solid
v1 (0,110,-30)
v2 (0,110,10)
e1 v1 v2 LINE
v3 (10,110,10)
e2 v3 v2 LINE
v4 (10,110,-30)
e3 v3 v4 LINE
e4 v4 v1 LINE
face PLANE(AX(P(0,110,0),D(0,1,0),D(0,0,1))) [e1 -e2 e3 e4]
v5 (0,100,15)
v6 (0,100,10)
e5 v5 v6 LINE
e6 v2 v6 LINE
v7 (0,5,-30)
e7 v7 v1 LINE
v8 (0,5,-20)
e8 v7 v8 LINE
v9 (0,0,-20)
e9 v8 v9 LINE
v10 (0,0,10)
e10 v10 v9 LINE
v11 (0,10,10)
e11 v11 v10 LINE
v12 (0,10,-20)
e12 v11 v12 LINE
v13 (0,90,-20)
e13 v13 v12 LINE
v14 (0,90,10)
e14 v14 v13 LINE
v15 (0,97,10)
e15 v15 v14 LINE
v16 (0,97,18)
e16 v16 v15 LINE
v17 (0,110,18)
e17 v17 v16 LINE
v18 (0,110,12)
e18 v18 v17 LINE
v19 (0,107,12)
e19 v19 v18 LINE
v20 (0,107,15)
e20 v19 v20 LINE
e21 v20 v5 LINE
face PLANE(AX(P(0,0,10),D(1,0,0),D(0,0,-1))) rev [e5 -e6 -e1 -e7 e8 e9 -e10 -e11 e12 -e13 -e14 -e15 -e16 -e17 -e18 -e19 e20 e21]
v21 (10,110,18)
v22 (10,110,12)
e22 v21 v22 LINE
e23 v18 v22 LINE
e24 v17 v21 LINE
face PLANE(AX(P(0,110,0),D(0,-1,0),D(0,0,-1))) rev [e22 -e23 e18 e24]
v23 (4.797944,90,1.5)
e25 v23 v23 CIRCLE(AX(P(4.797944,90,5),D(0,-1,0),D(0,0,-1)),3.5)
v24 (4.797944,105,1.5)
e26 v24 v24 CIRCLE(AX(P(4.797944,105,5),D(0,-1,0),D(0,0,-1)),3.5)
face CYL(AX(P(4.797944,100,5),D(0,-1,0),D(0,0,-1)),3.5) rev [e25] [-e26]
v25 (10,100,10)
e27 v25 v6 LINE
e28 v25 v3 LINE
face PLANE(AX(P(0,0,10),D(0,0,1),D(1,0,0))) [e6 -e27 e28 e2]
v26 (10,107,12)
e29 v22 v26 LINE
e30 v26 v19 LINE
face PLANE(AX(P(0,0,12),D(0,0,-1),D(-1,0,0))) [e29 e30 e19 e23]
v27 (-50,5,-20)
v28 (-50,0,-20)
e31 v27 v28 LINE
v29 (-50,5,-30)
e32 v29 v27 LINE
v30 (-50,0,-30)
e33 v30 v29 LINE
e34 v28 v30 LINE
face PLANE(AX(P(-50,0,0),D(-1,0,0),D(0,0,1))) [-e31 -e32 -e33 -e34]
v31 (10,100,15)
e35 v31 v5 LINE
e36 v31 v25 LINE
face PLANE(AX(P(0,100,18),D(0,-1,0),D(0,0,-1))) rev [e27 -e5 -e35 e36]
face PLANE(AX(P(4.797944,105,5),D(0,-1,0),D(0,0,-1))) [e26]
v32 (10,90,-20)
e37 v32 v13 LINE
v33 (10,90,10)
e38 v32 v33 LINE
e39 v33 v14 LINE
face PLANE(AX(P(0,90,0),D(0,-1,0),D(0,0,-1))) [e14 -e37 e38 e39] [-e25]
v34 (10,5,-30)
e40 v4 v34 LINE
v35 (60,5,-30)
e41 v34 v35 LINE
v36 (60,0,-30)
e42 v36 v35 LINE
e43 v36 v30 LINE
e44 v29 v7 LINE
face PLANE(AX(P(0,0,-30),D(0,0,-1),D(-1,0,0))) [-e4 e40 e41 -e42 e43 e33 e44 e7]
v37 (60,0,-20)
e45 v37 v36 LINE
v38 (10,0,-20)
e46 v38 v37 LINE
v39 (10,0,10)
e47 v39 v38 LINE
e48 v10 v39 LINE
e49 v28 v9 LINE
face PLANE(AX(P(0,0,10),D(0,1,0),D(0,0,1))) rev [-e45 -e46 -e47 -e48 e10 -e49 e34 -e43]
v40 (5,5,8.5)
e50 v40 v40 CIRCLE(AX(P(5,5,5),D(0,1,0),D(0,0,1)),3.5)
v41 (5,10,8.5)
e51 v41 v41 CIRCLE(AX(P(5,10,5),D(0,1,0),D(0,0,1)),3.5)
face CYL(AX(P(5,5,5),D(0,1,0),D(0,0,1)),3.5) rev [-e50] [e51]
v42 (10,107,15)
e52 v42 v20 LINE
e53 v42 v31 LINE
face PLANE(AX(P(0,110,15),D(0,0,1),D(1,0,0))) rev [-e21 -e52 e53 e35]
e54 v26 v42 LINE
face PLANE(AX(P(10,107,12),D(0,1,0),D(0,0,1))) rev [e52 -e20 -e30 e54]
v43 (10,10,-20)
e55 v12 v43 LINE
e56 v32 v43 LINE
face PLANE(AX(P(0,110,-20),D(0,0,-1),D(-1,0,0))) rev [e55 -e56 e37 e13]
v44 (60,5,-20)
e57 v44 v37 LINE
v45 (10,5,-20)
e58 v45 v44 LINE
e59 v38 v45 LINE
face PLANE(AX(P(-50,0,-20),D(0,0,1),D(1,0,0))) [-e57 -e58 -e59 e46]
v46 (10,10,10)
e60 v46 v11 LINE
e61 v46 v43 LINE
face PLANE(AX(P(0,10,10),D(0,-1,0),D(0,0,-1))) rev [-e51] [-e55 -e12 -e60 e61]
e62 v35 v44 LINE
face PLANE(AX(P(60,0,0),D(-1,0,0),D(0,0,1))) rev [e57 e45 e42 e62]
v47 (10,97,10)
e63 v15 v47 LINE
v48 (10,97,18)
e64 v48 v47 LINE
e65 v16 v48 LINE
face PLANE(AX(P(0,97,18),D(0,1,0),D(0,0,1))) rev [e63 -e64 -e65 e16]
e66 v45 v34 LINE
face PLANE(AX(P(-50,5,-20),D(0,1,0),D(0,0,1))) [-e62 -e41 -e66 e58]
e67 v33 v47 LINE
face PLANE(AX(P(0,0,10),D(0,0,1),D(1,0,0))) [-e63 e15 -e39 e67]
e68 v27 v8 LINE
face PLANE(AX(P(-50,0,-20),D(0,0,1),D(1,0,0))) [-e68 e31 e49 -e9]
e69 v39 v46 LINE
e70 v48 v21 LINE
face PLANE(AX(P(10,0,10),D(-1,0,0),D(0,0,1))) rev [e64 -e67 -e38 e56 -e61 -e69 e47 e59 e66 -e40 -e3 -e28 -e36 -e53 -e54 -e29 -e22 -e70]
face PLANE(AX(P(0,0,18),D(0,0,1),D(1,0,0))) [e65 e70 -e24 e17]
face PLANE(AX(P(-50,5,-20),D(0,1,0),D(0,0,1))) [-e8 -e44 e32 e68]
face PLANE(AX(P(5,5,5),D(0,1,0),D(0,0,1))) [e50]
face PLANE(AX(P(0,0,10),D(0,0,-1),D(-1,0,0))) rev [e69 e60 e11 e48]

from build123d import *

# Parameters (mm, degrees)
SKICA1_W                      = 10
SKICA1_H                      = 10
P_IDAT_VYSUNUT_M1_DEPTH       = 10
SKICA2_R                      = 3.5
ODEBRAT_VYSUNUT_M1_DEPTH      = 5
SKICA6_W                      = 10
SKICA6_H                      = 10
P_IDAT_VYSUNUT_M9_DEPTH       = 30
SKICA7_W                      = 10
SKICA7_H                      = 10
P_IDAT_VYSUNUT_M11_DEPTH      = 100
SKICA8_W                      = 10
SKICA8_H                      = 10
P_IDAT_VYSUNUT_M12_DEPTH      = 30
SKICA9_W                      = 10
SKICA9_H                      = 10
P_IDAT_VYSUNUT_M13_DEPTH      = 10
SKICA10_R                     = 3.5
ODEBRAT_VYSUNUT_M2_DEPTH      = 10
SKICA20_W                     = 10
SKICA20_H                     = 10
P_IDAT_VYSUNUT_M21_DEPTH      = 20
P_IDAT_VYSUNUT_M22_DEPTH      = 50
P_IDAT_VYSUNUT_M22_DEPTH_BACK = 60
SKICA11_W                     = 10
SKICA11_H                     = 5
SKICA10_2_R                   = 3.5
ODEBRAT_VYSUNUT_M7_DEPTH      = 15
SKICA21_W                     = 10
SKICA21_H                     = 3
P_IDAT_VYSUNUT_M24_DEPTH      = 8
SKICA22_W                     = 10
SKICA22_H                     = 3
P_IDAT_VYSUNUT_M25_DEPTH      = 10
SKICA23_W                     = 10
SKICA23_H                     = 3
P_IDAT_VYSUNUT_M26_DEPTH      = 3


with BuildPart() as part:
    # Skica1 → Přidat vysunutím1 (new body)
    with BuildSketch(Plane.XY):
        with Locations((5, 5)):
            Rectangle(SKICA1_W, SKICA1_H)
    extrude(amount=P_IDAT_VYSUNUT_M1_DEPTH)

    # Skica2 → Odebrat vysunutím1 (cut)
    with BuildSketch(Plane(origin=(0, 10, 0), x_dir=(1, 0, 0), z_dir=(0, 1, 0))):
        with Locations((5, -5)):
            Circle(SKICA2_R)
    extrude(amount=-ODEBRAT_VYSUNUT_M1_DEPTH, mode=Mode.SUBTRACT)

    # Skica6 → Přidat vysunutím9 (add)
    with BuildSketch(Plane(origin=(0, 0, 0), x_dir=(-1, 0, 0), z_dir=(0, 0, -1))):
        with Locations((-5, 5)):
            Rectangle(SKICA6_W, SKICA6_H)
    extrude(amount=P_IDAT_VYSUNUT_M9_DEPTH)

    # Skica7 → Přidat vysunutím11 (add)
    with BuildSketch(Plane(origin=(0, 10, 0), x_dir=(1, 0, 0), z_dir=(0, 1, 0))):
        with Locations((5, 25)):
            Rectangle(SKICA7_W, SKICA7_H)
    extrude(amount=P_IDAT_VYSUNUT_M11_DEPTH)

    # Skica8 → Přidat vysunutím12 (add)
    with BuildSketch(Plane.XY.offset(-20)):
        with Locations((5, 105)):
            Rectangle(SKICA8_W, SKICA8_H)
    extrude(amount=P_IDAT_VYSUNUT_M12_DEPTH)

    # Skica9 → Přidat vysunutím13 (add)
    with BuildSketch(Plane.XZ.offset(-100)):
        with Locations((5, 5)):
            Rectangle(SKICA9_W, SKICA9_H)
    extrude(amount=P_IDAT_VYSUNUT_M13_DEPTH)

    # Skica10 → Odebrat vysunutím2 (cut)
    with BuildSketch(Plane.XZ.offset(-90)):
        with Locations((4.797944497, 5)):
            Circle(SKICA10_R)
    extrude(amount=-ODEBRAT_VYSUNUT_M2_DEPTH, mode=Mode.SUBTRACT)

    # Skica20 → Přidat vysunutím21 (add)
    with BuildSketch(Plane(origin=(0, 0, 0), x_dir=(-1, 0, 0), z_dir=(0, 0, -1))):
        with Locations((-5, 95)):
            Rectangle(SKICA20_W, SKICA20_H)
    extrude(amount=P_IDAT_VYSUNUT_M21_DEPTH)

    # Skica11 → Přidat vysunutím22 (add, two sides: drawn at the far end of the back side and taken through both)
    with BuildSketch(Plane(origin=(10, 0, 0), x_dir=(0, 0, -1), z_dir=(1, 0, 0)).offset(-P_IDAT_VYSUNUT_M22_DEPTH_BACK)):
        with Locations((25, 2.5)):
            Rectangle(SKICA11_W, SKICA11_H)
    extrude(amount=P_IDAT_VYSUNUT_M22_DEPTH + P_IDAT_VYSUNUT_M22_DEPTH_BACK)

    # Skica10<2> → Odebrat vysunutím7 (cut)
    with BuildSketch(Plane.XZ.offset(-90)):
        with Locations((4.797944497, 5)):
            Circle(SKICA10_2_R)
    extrude(amount=-ODEBRAT_VYSUNUT_M7_DEPTH, mode=Mode.SUBTRACT)

    # Skica21 → Přidat vysunutím24 (add)
    with BuildSketch(Plane.XY.offset(10)):
        with Locations((5, 98.5)):
            Rectangle(SKICA21_W, SKICA21_H)
    extrude(amount=P_IDAT_VYSUNUT_M24_DEPTH)

    # Skica22 → Přidat vysunutím25 (add)
    with BuildSketch(Plane(origin=(0, 100, 0), x_dir=(1, 0, 0), z_dir=(0, 1, 0))):
        with Locations((5, -16.5)):
            Rectangle(SKICA22_W, SKICA22_H)
    extrude(amount=P_IDAT_VYSUNUT_M25_DEPTH)

    # Skica23 → Přidat vysunutím26 (add)
    with BuildSketch(Plane(origin=(0, 0, 15), x_dir=(-1, 0, 0), z_dir=(0, 0, -1))):
        with Locations((-5, 108.5)):
            Rectangle(SKICA23_W, SKICA23_H)
    extrude(amount=P_IDAT_VYSUNUT_M26_DEPTH)


solid = part.part
